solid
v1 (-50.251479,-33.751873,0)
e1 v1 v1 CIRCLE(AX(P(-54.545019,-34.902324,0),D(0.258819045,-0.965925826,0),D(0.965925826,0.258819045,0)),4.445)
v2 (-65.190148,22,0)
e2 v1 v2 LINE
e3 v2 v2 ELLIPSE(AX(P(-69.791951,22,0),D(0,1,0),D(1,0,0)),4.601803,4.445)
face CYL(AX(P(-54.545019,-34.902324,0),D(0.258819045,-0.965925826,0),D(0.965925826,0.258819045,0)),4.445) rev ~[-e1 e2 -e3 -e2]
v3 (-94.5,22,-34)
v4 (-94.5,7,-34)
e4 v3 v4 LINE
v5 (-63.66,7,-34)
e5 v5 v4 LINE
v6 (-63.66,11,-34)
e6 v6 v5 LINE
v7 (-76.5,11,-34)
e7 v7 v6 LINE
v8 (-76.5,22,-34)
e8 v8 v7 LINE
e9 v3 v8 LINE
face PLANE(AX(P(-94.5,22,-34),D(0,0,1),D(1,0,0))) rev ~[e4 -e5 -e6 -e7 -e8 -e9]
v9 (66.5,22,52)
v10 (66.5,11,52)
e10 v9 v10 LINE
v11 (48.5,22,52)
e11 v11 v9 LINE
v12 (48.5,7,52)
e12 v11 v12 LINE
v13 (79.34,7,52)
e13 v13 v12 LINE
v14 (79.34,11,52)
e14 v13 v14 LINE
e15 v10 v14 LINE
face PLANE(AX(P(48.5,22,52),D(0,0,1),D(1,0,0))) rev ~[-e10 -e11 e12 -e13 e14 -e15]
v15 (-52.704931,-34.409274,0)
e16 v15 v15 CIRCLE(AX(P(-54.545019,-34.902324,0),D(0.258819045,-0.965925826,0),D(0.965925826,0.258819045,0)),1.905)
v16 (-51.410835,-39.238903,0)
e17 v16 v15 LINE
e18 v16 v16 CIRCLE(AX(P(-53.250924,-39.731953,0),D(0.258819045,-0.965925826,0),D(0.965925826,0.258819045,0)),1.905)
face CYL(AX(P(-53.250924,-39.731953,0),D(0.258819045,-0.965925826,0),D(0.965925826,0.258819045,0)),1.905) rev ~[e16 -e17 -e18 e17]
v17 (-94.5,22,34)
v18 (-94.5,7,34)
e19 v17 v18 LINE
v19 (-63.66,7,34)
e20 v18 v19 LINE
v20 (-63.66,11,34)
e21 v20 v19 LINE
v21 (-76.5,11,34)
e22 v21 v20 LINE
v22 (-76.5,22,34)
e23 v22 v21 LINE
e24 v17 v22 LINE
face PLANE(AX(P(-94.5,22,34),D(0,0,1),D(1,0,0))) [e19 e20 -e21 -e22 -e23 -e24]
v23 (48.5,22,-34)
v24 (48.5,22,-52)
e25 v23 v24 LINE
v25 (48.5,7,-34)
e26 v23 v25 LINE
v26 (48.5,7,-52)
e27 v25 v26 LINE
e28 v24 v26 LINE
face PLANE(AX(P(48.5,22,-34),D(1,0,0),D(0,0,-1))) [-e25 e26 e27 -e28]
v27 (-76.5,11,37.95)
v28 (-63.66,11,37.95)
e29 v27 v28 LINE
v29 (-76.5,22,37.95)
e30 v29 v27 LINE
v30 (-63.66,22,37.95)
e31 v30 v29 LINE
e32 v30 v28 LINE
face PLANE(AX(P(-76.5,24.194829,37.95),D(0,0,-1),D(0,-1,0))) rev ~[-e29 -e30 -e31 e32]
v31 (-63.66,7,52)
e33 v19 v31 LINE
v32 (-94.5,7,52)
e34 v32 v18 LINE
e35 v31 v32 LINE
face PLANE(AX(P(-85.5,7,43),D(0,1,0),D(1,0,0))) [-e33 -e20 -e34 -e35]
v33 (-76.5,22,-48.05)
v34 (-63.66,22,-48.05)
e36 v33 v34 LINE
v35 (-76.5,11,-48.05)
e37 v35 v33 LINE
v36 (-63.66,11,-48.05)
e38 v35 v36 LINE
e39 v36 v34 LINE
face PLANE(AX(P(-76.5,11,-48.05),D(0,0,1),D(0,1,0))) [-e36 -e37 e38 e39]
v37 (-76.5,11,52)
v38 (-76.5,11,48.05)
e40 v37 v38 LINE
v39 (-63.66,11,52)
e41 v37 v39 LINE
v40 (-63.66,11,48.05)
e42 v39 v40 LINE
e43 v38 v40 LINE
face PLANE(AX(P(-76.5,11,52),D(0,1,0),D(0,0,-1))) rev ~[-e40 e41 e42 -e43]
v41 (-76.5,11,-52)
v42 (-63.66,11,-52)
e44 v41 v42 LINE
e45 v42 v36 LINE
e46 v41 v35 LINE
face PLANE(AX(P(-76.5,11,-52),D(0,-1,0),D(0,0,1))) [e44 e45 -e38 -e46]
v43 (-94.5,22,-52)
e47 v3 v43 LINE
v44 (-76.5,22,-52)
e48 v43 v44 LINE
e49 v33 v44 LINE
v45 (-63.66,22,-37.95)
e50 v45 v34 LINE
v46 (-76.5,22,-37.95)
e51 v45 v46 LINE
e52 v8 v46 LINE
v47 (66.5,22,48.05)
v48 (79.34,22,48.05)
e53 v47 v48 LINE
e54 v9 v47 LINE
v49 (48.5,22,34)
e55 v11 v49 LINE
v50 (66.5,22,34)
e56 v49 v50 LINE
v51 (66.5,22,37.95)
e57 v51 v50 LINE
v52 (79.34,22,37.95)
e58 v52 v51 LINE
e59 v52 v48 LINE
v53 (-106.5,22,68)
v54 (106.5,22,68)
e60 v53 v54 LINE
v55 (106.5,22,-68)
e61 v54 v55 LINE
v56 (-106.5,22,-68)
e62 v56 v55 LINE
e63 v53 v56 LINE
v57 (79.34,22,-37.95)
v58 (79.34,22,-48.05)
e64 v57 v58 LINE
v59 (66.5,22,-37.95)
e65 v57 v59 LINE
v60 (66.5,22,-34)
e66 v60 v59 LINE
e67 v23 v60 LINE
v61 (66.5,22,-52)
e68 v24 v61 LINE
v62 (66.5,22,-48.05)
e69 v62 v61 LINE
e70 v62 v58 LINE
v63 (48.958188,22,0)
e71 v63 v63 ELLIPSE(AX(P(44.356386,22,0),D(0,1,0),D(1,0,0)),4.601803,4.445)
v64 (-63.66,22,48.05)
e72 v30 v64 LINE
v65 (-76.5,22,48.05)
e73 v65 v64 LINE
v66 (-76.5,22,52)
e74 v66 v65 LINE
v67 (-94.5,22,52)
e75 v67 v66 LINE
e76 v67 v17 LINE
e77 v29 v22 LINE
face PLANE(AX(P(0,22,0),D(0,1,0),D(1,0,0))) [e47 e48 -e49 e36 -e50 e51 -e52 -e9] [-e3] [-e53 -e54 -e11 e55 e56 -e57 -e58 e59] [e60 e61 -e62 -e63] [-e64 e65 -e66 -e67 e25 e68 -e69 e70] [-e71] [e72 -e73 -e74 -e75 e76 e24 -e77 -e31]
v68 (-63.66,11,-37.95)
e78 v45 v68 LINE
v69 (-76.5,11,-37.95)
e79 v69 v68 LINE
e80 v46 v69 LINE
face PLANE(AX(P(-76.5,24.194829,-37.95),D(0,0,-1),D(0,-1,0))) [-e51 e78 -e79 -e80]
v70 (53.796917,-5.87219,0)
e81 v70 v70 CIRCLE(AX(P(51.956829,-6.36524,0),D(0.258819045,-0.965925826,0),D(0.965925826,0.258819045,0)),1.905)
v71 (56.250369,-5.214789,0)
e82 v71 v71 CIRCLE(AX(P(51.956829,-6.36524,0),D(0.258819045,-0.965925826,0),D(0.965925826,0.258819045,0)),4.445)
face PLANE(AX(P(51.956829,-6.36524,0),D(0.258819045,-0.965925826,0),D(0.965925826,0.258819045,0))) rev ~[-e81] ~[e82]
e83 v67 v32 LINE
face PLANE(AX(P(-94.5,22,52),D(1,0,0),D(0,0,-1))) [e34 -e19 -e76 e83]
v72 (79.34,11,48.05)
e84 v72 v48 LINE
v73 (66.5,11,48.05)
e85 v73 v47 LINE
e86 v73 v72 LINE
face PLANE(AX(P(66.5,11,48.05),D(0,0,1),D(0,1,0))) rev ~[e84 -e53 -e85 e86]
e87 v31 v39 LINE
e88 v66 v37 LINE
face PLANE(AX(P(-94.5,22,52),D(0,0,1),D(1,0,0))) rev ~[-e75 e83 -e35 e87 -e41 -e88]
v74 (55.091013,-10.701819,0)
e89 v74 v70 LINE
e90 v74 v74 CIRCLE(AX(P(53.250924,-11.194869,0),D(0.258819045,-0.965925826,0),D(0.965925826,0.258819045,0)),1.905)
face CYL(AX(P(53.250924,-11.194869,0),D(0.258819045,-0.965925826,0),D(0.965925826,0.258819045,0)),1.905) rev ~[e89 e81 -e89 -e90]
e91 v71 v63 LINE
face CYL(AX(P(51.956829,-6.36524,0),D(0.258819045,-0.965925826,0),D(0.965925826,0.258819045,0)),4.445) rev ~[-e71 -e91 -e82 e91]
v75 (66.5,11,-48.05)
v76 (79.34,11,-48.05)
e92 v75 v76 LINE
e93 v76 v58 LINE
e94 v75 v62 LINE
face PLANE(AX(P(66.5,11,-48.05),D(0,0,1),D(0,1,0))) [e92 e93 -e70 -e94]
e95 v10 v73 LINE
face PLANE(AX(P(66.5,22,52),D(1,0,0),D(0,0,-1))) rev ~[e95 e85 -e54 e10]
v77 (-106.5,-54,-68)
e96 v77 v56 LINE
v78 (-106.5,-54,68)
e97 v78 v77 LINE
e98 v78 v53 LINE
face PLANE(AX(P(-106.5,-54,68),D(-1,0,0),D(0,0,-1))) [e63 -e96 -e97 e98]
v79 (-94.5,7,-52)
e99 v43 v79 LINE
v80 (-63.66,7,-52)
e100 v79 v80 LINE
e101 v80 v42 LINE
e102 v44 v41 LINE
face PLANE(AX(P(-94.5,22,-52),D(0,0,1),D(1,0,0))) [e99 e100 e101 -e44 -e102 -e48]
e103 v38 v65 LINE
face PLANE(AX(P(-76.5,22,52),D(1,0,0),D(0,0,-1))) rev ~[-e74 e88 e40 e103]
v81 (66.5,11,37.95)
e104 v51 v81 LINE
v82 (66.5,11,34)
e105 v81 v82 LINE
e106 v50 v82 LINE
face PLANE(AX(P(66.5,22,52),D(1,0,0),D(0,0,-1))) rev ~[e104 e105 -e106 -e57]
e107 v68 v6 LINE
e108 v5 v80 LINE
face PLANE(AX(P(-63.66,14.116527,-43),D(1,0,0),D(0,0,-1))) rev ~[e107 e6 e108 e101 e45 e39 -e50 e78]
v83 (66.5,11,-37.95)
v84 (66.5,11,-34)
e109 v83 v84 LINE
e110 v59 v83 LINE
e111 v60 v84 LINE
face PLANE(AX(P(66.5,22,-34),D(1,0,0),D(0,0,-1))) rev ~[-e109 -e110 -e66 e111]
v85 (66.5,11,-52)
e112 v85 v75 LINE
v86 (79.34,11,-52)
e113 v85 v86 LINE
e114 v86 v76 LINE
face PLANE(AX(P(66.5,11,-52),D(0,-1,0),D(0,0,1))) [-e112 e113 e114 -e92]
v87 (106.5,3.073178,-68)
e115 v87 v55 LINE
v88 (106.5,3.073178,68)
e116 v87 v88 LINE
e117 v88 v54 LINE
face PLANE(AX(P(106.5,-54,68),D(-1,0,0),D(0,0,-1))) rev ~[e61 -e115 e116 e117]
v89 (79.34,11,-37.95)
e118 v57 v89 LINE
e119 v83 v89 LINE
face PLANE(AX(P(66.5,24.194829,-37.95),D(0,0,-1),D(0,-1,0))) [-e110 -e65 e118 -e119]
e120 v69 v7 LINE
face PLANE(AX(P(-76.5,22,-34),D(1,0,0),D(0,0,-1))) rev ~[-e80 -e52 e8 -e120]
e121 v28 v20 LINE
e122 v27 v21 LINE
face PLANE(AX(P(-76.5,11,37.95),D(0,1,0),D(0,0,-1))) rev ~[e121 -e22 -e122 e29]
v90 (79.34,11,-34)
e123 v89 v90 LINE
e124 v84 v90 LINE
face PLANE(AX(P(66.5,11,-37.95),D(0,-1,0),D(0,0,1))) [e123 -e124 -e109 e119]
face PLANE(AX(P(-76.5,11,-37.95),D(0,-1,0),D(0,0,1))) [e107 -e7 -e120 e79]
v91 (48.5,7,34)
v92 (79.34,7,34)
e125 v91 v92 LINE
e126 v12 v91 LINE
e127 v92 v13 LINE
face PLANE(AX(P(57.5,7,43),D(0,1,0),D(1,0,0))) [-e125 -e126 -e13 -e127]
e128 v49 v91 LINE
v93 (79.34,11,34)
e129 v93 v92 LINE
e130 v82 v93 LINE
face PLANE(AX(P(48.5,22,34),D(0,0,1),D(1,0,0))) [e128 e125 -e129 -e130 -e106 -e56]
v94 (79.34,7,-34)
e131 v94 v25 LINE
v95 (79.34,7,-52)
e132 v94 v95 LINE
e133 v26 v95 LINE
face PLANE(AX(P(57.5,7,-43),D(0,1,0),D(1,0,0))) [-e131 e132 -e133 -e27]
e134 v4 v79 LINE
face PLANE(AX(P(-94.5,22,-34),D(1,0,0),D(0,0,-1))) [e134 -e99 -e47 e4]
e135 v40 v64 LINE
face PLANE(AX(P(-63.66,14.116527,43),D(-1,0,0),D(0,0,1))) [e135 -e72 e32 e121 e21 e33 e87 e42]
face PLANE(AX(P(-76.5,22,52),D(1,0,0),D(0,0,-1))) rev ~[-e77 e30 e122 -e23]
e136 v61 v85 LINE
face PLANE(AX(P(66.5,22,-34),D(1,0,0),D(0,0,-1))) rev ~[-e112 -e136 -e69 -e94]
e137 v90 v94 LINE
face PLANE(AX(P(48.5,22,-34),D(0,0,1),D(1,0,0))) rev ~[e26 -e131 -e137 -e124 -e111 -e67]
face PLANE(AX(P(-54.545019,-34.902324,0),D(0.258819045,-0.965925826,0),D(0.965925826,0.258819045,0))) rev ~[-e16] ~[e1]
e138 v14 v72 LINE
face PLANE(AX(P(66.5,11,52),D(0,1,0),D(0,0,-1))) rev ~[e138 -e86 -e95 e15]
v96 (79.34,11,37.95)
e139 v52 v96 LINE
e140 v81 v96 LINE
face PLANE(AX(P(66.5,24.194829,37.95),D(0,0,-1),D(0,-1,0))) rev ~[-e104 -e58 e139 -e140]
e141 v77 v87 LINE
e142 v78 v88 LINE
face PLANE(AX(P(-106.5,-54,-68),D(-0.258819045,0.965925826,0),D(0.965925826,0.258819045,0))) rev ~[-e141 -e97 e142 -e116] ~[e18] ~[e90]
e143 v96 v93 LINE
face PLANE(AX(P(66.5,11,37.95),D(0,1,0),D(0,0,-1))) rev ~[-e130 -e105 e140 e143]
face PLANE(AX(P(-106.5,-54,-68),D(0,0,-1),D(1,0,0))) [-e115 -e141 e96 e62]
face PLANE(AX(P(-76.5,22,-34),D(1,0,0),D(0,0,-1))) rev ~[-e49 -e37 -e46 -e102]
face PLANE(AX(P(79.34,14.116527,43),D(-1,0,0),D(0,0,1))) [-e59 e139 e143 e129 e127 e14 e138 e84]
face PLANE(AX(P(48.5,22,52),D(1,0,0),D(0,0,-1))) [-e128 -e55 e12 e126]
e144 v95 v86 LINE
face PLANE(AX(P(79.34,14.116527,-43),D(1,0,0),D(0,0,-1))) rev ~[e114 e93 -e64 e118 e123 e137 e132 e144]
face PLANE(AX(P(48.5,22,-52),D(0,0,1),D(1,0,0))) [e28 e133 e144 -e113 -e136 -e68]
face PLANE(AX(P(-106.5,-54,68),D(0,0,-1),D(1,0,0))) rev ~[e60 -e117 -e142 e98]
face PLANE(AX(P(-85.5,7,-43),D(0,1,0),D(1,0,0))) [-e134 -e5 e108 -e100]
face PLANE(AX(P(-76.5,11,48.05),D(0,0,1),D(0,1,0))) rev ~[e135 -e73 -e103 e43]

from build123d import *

# Parameters (mm, degrees)
BOSS_EXTRUDE1_DEPTH      = 22
BOSS_EXTRUDE1_DEPTH_BACK = 54
SKETCH1_W                = 213
SKETCH1_H                = 136
SKETCH2_W                = 18
SKETCH2_H                = 18
CUT_EXTRUDE1_DEPTH       = 15
CUT_EXTRUDE2_DEPTH       = 12.84
CUT_EXTRUDE3_DEPTH       = 12.84
CUT_EXTRUDE4_DEPTH       = 181.981352631
SKETCH9_R                = 1.905
CUT_EXTRUDE8_DEPTH       = 5
SKETCH11_R               = 4.445
CUT_EXTRUDE10_DEPTH      = 137.921009741


with BuildPart() as part:
    # Sketch1 → Boss-Extrude1 (new, two sides: drawn at the far end of the back side and taken through both)
    with BuildSketch(Plane(origin=(0, 0, 0), x_dir=(1, 0, 0), z_dir=(0, 1, 0)).offset(-BOSS_EXTRUDE1_DEPTH_BACK)):
        Rectangle(SKETCH1_W, SKETCH1_H)
    extrude(amount=BOSS_EXTRUDE1_DEPTH + BOSS_EXTRUDE1_DEPTH_BACK)

    # Sketch2 → Cut-Extrude1 (cut)
    with BuildSketch(Plane(origin=(0, 22, 0), x_dir=(1, 0, 0), z_dir=(0, 1, 0))):
        with Locations((-85.5, 43)):
            Rectangle(SKETCH2_W, SKETCH2_H)
        with Locations((-85.5, -43)):
            Rectangle(SKETCH2_W, SKETCH2_H)
        with Locations((57.5, 43)):
            Rectangle(SKETCH2_W, SKETCH2_H)
        with Locations((57.5, -43)):
            Rectangle(SKETCH2_W, SKETCH2_H)
    extrude(amount=-CUT_EXTRUDE1_DEPTH, mode=Mode.SUBTRACT)

    # Sketch4 → Cut-Extrude2 (cut)
    with BuildSketch(Plane.ZY.offset(76.5)):
        Polygon((34, 7), (52, 7), (52, 11), (48.05, 11), (48.05, 24.194829177), (37.95, 24.194829177), (37.95, 11), (34, 11), align=None)
        Polygon((-34, 7), (-52, 7), (-52, 11), (-48.05, 11), (-48.05, 24.194829177), (-37.95, 24.194829177), (-37.95, 11), (-34, 11), align=None)
    extrude(amount=-CUT_EXTRUDE2_DEPTH, mode=Mode.SUBTRACT)

    # Sketch5 → Cut-Extrude3 (cut)
    with BuildSketch(Plane.ZY.offset(-66.5)):
        Polygon((34, 7), (52, 7), (52, 11), (48.05, 11), (48.05, 24.194829177), (37.95, 24.194829177), (37.95, 11), (34, 11), align=None)
        Polygon((-34, 7), (-52, 7), (-52, 11), (-48.05, 11), (-48.05, 24.194829177), (-37.95, 24.194829177), (-37.95, 11), (-34, 11), align=None)
    extrude(amount=-CUT_EXTRUDE3_DEPTH, mode=Mode.SUBTRACT)

    # Sketch7 → Cut-Extrude4 (cut, through all)
    with BuildSketch(Plane(origin=(0, 0, -68), x_dir=(-1, 0, 0), z_dir=(0, 0, -1))):
        Polygon((106.5, -54), (-106.5, 3.073177988), (-106.5, -54), align=None)
    extrude(amount=-CUT_EXTRUDE4_DEPTH, mode=Mode.SUBTRACT)

    # Sketch9 → Cut-Extrude8 (cut)
    with BuildSketch(Plane(origin=(6.365852752, -23.757685902, 0), x_dir=(0.9659258262890681, 0.2588190451025214, 0), z_dir=(0.2588190451025214, -0.9659258262890681, 0))):
        with Locations((-61.719828935, 0)):
            Circle(SKETCH9_R)
        with Locations((48.538997492, 0)):
            Circle(SKETCH9_R)
    extrude(amount=-CUT_EXTRUDE8_DEPTH, mode=Mode.SUBTRACT)

    # Sketch11 → Cut-Extrude10 (cut, through all)
    with BuildSketch(Plane(origin=(5.071757526, -18.928056771, 0), x_dir=(0.9659258262890681, 0.25881904510252135, 0), z_dir=(0.25881904510252135, -0.9659258262890681, 0))):
        with Locations((-61.719828935, 0)):
            Circle(SKETCH11_R)
        with Locations((48.538997492, 0)):
            Circle(SKETCH11_R)
    extrude(amount=-CUT_EXTRUDE10_DEPTH, mode=Mode.SUBTRACT)


solid = part.part
